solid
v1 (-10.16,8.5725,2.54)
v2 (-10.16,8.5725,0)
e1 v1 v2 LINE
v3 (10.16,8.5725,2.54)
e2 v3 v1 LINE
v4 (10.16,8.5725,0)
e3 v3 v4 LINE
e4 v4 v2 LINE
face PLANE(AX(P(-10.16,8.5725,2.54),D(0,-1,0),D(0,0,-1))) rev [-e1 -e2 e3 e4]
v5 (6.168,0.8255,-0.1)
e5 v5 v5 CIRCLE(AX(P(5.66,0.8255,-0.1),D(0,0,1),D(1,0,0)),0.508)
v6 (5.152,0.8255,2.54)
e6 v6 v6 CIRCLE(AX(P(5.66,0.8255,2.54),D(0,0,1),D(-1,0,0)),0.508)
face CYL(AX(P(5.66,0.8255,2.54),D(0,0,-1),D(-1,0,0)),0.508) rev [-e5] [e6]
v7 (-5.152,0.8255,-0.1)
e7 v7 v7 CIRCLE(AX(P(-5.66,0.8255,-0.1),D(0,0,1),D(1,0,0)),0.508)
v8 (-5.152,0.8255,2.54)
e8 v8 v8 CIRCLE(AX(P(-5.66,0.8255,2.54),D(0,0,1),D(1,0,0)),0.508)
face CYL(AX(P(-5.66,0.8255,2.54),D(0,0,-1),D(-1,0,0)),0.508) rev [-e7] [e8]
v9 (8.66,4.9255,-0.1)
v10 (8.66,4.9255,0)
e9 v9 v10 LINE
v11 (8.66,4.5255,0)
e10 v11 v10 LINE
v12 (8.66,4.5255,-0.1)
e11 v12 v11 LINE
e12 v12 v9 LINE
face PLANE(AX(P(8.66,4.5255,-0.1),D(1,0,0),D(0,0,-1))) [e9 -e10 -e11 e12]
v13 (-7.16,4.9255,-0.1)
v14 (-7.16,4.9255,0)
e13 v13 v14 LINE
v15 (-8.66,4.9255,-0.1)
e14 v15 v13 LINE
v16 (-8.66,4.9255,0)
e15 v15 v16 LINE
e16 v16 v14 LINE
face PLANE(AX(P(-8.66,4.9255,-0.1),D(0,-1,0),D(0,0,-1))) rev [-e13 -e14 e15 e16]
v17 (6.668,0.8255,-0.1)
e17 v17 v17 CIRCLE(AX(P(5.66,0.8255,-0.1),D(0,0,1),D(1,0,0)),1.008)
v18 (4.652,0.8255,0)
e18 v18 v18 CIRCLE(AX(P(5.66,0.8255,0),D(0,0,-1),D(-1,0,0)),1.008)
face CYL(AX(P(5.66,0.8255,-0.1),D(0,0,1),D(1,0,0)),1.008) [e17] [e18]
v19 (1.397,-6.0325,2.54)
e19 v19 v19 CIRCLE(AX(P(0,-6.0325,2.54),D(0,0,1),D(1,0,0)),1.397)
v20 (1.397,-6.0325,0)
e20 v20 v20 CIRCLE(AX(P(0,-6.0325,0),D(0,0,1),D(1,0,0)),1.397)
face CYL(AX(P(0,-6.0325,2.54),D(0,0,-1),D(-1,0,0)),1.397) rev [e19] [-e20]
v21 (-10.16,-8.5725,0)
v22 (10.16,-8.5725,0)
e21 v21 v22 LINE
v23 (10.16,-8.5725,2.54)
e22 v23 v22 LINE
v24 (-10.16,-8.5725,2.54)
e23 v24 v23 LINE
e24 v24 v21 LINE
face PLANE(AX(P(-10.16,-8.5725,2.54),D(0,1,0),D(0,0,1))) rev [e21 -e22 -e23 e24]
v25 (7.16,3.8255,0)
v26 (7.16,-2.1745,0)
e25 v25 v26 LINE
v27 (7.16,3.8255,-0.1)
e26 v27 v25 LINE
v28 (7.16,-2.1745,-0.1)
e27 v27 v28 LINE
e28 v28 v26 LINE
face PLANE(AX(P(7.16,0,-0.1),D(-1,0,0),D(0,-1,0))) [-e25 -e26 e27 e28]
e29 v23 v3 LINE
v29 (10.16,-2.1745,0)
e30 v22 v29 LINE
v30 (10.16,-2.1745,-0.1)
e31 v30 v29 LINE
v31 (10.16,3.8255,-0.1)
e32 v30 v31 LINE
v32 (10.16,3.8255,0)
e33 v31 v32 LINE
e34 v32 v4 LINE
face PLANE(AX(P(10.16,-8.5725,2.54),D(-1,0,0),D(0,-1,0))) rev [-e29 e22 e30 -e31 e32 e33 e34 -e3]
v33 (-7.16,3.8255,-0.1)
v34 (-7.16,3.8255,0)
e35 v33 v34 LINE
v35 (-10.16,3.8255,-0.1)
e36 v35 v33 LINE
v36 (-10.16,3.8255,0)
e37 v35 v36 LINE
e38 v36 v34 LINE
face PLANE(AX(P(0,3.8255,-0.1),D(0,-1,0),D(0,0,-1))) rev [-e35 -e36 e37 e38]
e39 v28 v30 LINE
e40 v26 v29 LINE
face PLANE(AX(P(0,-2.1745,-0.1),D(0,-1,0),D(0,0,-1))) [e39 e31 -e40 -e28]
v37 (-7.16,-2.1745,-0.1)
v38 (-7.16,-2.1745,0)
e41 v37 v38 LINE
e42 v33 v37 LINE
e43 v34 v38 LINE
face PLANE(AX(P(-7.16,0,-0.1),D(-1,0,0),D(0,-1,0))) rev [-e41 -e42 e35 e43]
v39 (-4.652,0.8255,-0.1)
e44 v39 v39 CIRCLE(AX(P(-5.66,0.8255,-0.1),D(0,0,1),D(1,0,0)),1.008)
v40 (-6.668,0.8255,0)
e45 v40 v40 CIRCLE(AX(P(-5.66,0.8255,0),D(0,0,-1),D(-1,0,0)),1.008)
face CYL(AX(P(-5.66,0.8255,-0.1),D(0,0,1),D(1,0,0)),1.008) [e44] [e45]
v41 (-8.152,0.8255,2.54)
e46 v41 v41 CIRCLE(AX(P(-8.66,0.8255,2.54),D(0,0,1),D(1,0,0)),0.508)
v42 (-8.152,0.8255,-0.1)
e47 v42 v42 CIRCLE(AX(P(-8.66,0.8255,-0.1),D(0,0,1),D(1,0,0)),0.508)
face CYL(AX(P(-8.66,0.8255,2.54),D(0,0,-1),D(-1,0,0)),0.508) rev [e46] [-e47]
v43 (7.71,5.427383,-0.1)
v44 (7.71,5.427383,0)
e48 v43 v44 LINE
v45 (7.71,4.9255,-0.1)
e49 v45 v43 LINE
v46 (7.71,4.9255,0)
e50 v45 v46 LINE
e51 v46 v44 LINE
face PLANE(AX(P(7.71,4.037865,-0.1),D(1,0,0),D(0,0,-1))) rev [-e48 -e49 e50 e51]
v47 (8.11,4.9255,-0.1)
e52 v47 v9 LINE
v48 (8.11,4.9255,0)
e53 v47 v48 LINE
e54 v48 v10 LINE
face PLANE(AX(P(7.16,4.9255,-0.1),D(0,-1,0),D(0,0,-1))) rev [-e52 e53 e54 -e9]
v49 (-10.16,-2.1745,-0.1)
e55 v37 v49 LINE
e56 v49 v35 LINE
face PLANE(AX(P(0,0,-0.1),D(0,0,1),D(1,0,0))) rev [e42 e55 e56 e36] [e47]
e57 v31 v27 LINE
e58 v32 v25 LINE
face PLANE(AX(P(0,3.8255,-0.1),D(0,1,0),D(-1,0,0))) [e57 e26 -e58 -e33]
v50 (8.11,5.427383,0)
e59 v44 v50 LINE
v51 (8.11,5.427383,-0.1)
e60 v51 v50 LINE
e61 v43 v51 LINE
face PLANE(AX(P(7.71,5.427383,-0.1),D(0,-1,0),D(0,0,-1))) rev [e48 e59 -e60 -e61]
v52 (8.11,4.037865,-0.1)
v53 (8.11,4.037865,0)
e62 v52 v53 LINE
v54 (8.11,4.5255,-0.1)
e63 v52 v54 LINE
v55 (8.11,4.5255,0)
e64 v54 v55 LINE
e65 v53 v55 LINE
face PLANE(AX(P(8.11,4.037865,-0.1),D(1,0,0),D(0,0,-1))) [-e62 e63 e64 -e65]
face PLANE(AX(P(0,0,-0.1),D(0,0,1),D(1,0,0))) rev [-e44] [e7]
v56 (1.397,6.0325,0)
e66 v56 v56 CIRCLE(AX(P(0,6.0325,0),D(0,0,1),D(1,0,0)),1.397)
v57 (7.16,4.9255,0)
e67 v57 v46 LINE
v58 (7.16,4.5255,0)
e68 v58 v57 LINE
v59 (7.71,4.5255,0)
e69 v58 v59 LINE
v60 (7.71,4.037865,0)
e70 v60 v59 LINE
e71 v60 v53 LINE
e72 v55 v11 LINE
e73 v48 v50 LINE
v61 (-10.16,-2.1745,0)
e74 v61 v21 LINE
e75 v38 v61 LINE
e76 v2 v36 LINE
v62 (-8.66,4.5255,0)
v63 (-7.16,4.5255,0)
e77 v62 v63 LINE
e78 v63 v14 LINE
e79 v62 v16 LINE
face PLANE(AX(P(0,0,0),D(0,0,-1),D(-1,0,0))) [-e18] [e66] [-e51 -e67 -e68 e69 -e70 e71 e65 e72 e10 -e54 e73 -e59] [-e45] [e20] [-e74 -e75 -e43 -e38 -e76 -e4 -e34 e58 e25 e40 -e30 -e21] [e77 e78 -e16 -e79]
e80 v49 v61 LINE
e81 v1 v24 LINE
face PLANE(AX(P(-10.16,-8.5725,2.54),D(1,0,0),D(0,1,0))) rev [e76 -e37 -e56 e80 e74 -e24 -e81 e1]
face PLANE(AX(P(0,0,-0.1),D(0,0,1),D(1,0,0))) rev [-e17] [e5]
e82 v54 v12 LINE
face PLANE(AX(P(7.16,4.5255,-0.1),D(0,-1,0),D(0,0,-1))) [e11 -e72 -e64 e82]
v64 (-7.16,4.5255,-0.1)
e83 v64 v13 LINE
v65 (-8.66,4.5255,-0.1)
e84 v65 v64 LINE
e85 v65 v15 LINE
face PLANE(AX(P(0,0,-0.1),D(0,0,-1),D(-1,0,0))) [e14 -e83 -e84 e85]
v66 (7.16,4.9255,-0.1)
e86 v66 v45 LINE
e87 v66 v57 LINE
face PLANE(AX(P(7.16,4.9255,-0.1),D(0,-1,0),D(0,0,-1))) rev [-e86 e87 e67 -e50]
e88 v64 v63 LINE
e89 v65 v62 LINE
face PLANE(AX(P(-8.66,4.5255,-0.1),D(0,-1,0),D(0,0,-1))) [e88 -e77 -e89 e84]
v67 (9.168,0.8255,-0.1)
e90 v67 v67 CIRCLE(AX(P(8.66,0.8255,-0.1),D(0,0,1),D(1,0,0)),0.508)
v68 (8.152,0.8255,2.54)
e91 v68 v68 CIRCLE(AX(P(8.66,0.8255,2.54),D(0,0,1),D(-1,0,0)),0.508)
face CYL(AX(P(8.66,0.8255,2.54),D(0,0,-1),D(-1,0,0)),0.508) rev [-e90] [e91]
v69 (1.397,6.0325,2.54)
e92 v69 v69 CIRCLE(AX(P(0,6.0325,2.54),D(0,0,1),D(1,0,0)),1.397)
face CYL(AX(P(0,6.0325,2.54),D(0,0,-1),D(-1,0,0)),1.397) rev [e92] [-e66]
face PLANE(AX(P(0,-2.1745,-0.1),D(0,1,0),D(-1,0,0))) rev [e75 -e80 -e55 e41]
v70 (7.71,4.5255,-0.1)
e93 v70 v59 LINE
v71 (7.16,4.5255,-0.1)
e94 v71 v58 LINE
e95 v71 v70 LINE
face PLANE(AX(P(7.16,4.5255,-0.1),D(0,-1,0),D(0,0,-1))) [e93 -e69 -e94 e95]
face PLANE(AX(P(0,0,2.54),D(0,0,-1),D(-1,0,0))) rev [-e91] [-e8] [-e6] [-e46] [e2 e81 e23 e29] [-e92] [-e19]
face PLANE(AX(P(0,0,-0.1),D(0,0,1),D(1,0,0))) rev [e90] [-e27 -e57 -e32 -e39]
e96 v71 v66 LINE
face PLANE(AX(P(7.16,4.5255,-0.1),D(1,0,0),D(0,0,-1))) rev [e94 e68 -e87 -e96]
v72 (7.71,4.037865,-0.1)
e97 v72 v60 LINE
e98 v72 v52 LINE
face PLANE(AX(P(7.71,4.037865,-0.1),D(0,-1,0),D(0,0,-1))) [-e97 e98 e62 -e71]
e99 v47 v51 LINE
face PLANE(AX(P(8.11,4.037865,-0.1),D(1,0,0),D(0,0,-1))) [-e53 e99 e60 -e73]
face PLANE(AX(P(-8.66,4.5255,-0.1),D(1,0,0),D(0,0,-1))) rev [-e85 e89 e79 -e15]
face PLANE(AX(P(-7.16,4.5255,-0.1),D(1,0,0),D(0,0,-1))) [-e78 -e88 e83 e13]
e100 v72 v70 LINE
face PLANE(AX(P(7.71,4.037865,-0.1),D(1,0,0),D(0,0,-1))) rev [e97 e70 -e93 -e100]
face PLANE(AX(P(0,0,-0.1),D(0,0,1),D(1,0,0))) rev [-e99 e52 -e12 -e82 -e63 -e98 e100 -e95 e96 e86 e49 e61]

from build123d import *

# Parameters (mm, degrees)
SKETCH1_W         = 20.32
SKETCH1_H         = 17.145
SKETCH1_R         = 1.397
SKETCH1_R_2       = 0.508
BOARD_DEPTH       = 2.54
SKETCH2_W         = 3
SKETCH2_H         = 6
SKETCH2_R         = 0.508
SKETCH2_R_2       = 1.008
SKETCH2_W_2       = 1.5
SKETCH2_H_2       = 0.4
SKETCH2_W_3       = 0.4
SKETCH2_H_3       = 1.389517674
SOLDER_PADS_DEPTH = 0.1


with BuildPart() as part:
    # Sketch1 → Board (new body)
    with BuildSketch(Plane.XY):
        Rectangle(SKETCH1_W, SKETCH1_H)
        with Locations((0, -6.0325)):
            Circle(SKETCH1_R, mode=Mode.SUBTRACT)
        with Locations((0, 6.0325)):
            Circle(SKETCH1_R, mode=Mode.SUBTRACT)
        with Locations((-8.66, 0.8255)):
            Circle(SKETCH1_R_2, mode=Mode.SUBTRACT)
        with Locations((8.66, 0.8255)):
            Circle(SKETCH1_R_2, mode=Mode.SUBTRACT)
        with Locations((-5.66, 0.8255)):
            Circle(SKETCH1_R_2, mode=Mode.SUBTRACT)
        with Locations((5.66, 0.8255)):
            Circle(SKETCH1_R_2, mode=Mode.SUBTRACT)
    extrude(amount=BOARD_DEPTH)

    # Sketch2 → Solder Pads (add)
    with BuildSketch(Plane.XY):
        with Locations((8.66, 0.8255)):
            Rectangle(SKETCH2_W, SKETCH2_H)
        with Locations((8.66, 0.8255)):
            Circle(SKETCH2_R, mode=Mode.SUBTRACT)
        with Locations((-8.66, 0.8255)):
            Rectangle(SKETCH2_W, SKETCH2_H)
        with Locations((-8.66, 0.8255)):
            Circle(SKETCH2_R, mode=Mode.SUBTRACT)
        with Locations((5.66, 0.8255)):
            Circle(SKETCH2_R_2)
        with Locations((5.66, 0.8255)):
            Circle(SKETCH2_R, mode=Mode.SUBTRACT)
        with Locations((-5.66, 0.8255)):
            Circle(SKETCH2_R_2)
        with Locations((-5.66, 0.8255)):
            Circle(SKETCH2_R, mode=Mode.SUBTRACT)
        with Locations((7.91, 4.7255)):
            Rectangle(SKETCH2_W_2, SKETCH2_H_2)
        with Locations((7.91, 4.732624026)):
            Rectangle(SKETCH2_W_3, SKETCH2_H_3)
        with Locations((-7.91, 4.7255)):
            Rectangle(SKETCH2_W_2, SKETCH2_H_2)
    extrude(amount=-SOLDER_PADS_DEPTH)


solid = part.part
